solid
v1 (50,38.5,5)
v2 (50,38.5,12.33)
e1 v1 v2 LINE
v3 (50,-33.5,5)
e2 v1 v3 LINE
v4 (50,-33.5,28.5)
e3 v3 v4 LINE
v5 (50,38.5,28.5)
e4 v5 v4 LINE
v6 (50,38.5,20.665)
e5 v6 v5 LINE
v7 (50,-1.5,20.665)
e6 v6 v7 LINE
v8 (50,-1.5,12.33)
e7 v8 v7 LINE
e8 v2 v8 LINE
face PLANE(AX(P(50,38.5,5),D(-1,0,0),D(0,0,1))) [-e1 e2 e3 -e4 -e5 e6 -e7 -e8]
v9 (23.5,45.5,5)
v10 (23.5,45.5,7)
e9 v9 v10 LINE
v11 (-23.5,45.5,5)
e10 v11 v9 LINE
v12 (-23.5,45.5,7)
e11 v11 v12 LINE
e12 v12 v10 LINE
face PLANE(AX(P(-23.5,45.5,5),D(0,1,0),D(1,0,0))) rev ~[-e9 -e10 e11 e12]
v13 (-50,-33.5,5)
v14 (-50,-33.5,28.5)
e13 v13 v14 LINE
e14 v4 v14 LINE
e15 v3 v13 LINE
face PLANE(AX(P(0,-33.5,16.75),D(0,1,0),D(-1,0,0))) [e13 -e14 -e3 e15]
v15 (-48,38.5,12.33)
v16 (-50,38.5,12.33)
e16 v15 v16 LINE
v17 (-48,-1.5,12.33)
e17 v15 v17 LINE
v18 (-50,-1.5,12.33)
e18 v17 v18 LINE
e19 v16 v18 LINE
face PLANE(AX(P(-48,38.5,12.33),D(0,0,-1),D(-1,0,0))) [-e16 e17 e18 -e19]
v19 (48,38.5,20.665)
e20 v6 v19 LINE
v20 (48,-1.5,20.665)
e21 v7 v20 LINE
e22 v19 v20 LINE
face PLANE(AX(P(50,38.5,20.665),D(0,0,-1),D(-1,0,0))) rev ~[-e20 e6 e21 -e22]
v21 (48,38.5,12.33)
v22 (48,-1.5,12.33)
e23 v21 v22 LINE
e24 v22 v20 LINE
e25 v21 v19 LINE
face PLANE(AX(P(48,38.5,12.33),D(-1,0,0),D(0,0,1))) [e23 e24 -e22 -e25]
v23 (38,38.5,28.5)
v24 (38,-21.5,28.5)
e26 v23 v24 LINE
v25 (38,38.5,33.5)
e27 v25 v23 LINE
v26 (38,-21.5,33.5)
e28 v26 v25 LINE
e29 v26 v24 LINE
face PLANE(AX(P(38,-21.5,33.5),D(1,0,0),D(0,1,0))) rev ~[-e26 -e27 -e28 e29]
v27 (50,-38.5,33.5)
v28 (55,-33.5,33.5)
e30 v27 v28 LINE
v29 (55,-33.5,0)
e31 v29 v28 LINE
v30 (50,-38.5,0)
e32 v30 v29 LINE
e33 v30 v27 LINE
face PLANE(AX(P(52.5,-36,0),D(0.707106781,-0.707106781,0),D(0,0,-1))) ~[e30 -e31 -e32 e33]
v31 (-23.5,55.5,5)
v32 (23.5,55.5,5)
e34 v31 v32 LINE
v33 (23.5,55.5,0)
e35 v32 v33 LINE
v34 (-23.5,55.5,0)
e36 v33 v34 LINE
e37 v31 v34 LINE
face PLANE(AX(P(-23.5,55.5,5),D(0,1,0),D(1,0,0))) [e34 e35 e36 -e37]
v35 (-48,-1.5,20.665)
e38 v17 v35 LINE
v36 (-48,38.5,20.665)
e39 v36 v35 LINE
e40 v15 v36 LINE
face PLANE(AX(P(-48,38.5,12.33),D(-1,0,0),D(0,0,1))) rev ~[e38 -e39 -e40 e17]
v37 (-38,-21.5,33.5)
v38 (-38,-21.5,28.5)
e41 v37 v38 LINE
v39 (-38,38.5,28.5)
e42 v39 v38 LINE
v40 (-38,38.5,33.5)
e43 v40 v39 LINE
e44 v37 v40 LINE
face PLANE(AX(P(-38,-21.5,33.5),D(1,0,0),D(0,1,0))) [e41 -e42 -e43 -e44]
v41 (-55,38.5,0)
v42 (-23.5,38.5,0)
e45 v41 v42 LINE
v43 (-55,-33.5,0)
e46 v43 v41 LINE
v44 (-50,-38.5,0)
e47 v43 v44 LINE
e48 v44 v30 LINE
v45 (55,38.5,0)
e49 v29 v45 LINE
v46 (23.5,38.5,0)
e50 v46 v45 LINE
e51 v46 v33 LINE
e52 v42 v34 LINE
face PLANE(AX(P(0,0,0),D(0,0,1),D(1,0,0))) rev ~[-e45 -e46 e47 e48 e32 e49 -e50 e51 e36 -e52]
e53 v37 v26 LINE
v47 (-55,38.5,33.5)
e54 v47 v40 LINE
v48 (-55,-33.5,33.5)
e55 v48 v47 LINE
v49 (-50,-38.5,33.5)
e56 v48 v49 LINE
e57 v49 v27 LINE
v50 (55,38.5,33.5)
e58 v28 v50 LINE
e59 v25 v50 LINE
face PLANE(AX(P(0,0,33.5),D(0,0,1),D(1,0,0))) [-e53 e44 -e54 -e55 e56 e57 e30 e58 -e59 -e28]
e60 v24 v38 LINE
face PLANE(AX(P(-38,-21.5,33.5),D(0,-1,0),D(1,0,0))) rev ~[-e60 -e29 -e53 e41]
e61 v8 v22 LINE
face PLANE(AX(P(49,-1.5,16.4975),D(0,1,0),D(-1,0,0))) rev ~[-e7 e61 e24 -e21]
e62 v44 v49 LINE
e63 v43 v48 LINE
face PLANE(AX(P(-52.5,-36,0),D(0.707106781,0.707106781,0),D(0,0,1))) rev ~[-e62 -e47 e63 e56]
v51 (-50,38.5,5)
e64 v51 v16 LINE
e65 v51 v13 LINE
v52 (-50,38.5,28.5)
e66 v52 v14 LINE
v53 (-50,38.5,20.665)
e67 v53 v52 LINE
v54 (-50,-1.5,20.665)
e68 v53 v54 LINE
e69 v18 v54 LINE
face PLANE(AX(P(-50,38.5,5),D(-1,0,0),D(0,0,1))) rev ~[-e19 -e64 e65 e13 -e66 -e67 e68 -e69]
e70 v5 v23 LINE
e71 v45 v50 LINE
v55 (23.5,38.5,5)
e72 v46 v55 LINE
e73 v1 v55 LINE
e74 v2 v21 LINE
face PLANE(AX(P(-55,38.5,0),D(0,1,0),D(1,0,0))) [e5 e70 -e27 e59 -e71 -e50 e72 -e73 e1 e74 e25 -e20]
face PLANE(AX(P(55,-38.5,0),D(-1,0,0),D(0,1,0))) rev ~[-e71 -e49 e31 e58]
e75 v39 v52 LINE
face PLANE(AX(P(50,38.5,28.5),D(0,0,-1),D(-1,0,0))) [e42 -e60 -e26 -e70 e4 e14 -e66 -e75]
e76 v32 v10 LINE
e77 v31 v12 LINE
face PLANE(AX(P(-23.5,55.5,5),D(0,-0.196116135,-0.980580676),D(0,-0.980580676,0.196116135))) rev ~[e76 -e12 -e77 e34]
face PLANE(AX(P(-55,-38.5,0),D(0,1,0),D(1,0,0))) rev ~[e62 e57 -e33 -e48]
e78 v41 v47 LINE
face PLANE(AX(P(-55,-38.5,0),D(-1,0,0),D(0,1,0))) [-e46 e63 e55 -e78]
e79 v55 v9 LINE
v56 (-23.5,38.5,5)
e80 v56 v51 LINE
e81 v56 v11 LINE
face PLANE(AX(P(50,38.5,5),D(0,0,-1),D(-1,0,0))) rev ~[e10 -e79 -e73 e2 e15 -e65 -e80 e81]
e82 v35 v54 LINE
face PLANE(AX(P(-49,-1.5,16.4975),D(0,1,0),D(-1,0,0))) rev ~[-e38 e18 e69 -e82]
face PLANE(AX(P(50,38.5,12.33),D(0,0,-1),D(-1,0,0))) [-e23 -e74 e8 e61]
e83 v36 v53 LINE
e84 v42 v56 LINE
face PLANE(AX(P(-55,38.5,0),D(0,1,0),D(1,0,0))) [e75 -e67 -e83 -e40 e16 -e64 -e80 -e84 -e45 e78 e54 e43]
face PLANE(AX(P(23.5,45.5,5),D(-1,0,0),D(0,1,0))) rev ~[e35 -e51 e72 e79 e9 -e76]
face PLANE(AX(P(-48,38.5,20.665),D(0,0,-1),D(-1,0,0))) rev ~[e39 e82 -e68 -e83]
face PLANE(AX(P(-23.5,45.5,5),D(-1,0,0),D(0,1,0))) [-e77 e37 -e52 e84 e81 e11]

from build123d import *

# Parameters (mm, degrees)
F0_W      = 110
F0_H      = 77
F1_DEPTH  = 33.5
F2_W      = 100
F2_H      = 23.5
F4_DEPTH  = 72
F3_W      = 2
F3_H      = 8.335
F5_DEPTH  = 40
F6_W      = 76
F6_H      = 60
F7_DEPTH  = 20.9
F8_W      = 47
F8_H      = 5
F9_DEPTH  = 17
F10_W     = 47
F10_H     = 10
F11_DEPTH = 2
F13_DEPTH = 55.8
F14_SIZE  = 5


with BuildPart() as f1:
    # F0 (on Top) → F1 (new body)
    with BuildSketch(Plane.XY):
        Rectangle(F0_W, F0_H)
    extrude(amount=F1_DEPTH)

    # F2 (on face) → F4 (cut)
    with BuildSketch(Plane(origin=(0, 38.5, 0), x_dir=(-1, 0, 0), z_dir=(0, 1, 0))):
        with Locations((0, 16.75)):
            Rectangle(F2_W, F2_H)
    extrude(amount=-F4_DEPTH, mode=Mode.SUBTRACT)

    # F3 (on face) → F5 (join)
    with BuildSketch(Plane(origin=(0, 38.5, 0), x_dir=(-1, 0, 0), z_dir=(0, 1, 0))):
        with Locations((49, 16.4975)):
            Rectangle(F3_W, F3_H)
        with Locations((-49, 16.4975)):
            Rectangle(F3_W, F3_H)
    extrude(amount=-F5_DEPTH)

    # F6 (on face) → F7 (cut)
    with BuildSketch(Plane.XY.offset(33.5)):
        with Locations((0, 8.5)):
            Rectangle(F6_W, F6_H)
    extrude(amount=-F7_DEPTH, mode=Mode.SUBTRACT)

    # F8 (on face) → F9 (join)
    with BuildSketch(Plane(origin=(0, 38.5, 0), x_dir=(-1, 0, 0), z_dir=(0, 1, 0))):
        with Locations((0, 2.5)):
            Rectangle(F8_W, F8_H)
    extrude(amount=F9_DEPTH)

    # F10 (on face) → F11 (join)
    with BuildSketch(Plane.XY.offset(5)):
        with Locations((0, 50.5)):
            Rectangle(F10_W, F10_H)
    extrude(amount=F11_DEPTH)

    # F12 (on face) → F13 (cut)
    with BuildSketch(Plane(origin=(-23.5, 0, 0), x_dir=(0, -1, 0), z_dir=(-1, 0, 0))):
        Polygon((-55.5, 7), (-55.5, 5), (-45.5, 7), align=None)
    extrude(amount=-F13_DEPTH, mode=Mode.SUBTRACT)

    # F14
    f14_edges = [f1.edges().sort_by_distance(p)[0] for p in [
        (55, -38.5, 16.75),
        (-55, -38.5, 16.75),
    ]]
    chamfer(f14_edges, length=F14_SIZE)


solid = f1.part
